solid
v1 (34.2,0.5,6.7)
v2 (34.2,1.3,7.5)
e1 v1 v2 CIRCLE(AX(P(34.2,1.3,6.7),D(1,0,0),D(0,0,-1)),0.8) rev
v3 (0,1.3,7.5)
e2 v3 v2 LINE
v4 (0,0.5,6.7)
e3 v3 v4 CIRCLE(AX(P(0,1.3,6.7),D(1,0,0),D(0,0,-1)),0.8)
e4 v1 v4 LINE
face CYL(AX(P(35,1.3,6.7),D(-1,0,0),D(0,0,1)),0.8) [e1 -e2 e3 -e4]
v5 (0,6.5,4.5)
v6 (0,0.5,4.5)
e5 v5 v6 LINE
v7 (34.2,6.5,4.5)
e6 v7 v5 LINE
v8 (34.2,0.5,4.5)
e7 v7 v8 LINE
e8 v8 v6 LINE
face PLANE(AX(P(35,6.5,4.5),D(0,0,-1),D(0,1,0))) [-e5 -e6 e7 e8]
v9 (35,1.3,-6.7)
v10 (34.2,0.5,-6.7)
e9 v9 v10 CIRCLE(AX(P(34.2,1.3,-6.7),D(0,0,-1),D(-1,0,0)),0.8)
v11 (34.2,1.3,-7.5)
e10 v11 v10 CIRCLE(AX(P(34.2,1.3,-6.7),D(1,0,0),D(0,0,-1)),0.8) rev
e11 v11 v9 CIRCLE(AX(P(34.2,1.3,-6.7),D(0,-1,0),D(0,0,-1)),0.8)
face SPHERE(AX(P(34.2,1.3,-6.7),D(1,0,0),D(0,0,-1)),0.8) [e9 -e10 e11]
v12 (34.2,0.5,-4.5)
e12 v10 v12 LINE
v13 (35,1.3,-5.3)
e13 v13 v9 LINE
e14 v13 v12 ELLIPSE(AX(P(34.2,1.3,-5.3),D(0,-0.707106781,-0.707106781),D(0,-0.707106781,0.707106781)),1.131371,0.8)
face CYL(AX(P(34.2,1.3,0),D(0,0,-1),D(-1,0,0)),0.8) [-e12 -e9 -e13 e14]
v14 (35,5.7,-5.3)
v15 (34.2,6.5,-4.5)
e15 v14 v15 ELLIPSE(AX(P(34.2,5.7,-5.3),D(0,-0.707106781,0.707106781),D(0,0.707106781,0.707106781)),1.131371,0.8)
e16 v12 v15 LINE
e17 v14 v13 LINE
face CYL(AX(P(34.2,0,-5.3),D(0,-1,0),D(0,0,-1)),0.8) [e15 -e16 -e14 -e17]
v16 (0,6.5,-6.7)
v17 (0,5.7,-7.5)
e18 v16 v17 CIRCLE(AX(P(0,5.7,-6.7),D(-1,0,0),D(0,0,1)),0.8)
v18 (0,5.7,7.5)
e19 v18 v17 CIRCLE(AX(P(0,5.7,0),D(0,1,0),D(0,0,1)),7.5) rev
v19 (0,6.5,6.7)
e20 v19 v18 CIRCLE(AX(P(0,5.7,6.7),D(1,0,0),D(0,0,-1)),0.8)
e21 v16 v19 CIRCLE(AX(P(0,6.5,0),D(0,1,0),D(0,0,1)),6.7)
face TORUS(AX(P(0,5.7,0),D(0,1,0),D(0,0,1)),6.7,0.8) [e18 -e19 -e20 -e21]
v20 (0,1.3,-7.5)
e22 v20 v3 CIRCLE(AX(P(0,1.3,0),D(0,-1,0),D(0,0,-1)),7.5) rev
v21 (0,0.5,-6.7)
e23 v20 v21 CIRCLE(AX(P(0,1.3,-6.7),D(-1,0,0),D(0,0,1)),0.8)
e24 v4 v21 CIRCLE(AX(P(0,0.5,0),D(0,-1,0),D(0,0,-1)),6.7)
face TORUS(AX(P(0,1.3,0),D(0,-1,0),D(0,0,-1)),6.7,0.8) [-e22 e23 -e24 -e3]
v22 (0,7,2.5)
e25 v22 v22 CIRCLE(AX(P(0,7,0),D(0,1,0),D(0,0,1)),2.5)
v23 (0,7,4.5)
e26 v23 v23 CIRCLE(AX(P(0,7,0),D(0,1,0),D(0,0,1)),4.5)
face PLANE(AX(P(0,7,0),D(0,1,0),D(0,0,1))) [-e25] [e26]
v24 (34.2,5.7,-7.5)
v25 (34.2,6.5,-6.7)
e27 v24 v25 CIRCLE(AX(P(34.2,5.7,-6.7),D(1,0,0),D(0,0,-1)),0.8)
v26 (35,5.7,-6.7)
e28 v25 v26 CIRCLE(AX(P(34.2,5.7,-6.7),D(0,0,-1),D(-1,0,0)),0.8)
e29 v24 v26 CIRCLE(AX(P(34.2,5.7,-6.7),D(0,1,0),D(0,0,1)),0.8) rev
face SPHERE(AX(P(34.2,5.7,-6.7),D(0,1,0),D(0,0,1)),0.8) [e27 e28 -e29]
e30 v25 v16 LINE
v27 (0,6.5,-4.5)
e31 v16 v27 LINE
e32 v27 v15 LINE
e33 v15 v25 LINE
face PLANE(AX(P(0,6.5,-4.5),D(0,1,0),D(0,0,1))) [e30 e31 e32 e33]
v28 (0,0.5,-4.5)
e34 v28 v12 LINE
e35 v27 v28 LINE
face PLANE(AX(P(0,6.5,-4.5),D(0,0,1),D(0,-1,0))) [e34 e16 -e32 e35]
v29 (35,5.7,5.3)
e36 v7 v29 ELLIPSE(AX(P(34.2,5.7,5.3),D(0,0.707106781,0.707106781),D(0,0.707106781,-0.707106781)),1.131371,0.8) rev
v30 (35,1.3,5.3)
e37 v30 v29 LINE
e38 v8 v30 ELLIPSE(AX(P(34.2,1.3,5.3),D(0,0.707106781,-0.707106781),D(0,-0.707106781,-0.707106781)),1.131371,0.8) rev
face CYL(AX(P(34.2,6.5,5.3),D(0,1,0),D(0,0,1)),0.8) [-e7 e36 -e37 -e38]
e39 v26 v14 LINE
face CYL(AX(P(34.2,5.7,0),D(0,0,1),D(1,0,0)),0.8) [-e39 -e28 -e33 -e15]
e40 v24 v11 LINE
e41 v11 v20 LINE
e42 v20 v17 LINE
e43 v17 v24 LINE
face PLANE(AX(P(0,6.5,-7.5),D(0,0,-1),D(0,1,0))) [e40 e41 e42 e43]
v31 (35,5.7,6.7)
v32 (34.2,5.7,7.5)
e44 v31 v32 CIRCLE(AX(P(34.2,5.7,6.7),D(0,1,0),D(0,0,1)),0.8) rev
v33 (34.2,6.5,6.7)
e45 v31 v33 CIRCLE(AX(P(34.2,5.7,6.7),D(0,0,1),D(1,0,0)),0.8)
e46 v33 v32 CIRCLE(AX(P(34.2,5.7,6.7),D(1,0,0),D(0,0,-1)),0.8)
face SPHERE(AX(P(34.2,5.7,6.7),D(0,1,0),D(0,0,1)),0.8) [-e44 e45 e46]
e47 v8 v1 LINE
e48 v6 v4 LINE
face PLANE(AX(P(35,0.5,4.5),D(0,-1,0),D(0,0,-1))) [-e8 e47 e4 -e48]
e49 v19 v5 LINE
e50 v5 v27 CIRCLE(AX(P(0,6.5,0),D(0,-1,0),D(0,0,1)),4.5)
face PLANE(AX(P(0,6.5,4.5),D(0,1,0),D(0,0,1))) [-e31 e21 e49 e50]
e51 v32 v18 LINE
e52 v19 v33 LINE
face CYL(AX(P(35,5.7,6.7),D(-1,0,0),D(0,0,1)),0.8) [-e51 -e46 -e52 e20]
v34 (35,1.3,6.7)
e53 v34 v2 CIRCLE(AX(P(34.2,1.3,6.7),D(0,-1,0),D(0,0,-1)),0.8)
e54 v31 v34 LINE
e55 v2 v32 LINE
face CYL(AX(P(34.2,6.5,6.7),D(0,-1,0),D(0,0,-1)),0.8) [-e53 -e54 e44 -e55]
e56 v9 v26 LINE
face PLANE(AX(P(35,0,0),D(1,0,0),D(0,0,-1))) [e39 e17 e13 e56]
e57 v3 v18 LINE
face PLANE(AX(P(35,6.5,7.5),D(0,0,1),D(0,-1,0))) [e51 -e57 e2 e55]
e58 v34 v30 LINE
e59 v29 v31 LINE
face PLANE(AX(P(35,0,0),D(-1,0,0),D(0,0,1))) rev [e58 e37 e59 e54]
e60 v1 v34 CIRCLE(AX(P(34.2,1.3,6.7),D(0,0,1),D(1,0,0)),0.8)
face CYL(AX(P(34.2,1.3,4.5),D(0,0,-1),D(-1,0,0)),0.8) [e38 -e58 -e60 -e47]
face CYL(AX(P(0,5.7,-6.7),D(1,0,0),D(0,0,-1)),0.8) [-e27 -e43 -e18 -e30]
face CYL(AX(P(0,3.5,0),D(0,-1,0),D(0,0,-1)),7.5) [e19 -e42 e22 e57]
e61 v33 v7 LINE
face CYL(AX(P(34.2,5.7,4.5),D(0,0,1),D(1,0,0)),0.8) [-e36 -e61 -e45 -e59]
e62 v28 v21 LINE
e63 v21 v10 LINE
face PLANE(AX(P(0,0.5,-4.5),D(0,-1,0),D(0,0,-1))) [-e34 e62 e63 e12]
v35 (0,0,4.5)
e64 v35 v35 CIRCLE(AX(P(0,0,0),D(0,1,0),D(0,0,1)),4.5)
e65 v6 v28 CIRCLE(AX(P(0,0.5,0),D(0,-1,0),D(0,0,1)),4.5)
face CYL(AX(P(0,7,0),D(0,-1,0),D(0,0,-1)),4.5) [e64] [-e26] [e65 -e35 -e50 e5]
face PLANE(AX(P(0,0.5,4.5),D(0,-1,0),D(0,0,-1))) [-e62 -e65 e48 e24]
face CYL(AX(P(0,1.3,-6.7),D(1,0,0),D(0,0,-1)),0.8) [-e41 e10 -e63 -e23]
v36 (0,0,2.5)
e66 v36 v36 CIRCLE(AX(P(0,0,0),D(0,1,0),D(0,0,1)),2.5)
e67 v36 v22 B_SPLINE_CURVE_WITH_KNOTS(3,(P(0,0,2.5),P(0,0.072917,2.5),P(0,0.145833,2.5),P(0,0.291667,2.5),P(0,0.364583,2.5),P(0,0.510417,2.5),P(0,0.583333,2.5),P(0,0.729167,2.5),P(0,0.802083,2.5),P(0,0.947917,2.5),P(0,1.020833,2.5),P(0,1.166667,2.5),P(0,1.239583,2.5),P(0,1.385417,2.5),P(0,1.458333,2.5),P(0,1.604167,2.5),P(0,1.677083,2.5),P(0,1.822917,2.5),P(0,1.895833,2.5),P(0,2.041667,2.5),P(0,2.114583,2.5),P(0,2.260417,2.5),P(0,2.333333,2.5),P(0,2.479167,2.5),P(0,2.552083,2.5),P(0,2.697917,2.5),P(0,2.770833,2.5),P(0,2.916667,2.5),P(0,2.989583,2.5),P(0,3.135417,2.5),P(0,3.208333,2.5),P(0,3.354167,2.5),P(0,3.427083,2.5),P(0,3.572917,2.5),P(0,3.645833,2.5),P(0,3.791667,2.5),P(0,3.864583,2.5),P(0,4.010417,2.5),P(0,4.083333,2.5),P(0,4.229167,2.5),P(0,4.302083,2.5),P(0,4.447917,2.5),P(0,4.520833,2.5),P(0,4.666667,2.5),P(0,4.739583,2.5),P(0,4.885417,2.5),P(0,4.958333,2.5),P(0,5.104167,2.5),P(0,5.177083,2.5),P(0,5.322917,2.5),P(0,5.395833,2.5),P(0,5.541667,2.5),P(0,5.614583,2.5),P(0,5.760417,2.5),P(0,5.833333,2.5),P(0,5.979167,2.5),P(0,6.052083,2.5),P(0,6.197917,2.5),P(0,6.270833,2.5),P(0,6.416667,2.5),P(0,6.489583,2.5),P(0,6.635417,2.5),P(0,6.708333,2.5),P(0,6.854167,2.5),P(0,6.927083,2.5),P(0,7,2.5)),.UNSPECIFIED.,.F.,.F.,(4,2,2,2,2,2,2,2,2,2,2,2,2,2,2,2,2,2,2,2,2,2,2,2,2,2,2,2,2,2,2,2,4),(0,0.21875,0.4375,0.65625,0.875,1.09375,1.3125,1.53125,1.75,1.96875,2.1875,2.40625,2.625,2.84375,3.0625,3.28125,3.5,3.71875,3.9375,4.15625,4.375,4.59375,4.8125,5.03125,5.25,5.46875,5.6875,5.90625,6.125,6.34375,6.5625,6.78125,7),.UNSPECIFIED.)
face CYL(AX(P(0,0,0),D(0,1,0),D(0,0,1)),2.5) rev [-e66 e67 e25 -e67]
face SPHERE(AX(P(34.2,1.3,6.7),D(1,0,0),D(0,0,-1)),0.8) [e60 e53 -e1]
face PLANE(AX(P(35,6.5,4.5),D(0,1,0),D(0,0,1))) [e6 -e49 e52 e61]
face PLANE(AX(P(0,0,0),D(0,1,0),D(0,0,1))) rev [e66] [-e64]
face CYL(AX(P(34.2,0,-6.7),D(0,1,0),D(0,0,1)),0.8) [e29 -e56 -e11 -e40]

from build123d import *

# Parameters (mm, degrees)
SKETCH1_R           = 4.5
BOSS_EXTRUDE1_DEPTH = 7
SKETCH2_R           = 2.5
CUT_EXTRUDE1_DEPTH  = 10.460443964
SKETCH4_W           = 3
SKETCH4_H           = 6
FILLET1_R           = 0.8


with BuildPart() as part:
    # Sketch1 → Boss-Extrude1 (new body)
    with BuildSketch(Plane(origin=(0, 0, 0), x_dir=(1, 0, 0), z_dir=(0, 1, 0))):
        with Locations(Location((0, 0, 0), (0, 0, 90))):
            Circle(SKETCH1_R)
    extrude(amount=BOSS_EXTRUDE1_DEPTH)

    # Sketch2 → Cut-Extrude1 (cut, through all)
    with BuildSketch(Plane(origin=(0, 7, 0), x_dir=(1, 0, 0), z_dir=(0, 1, 0))):
        with Locations(Location((0, 0, 0), (0, 0, 270))):
            Circle(SKETCH2_R)
    extrude(amount=-CUT_EXTRUDE1_DEPTH, mode=Mode.SUBTRACT)

    # Sweep1: sweep along a path in Sketch3
    with BuildLine(Plane(origin=(0, 3.5, 0), x_dir=(1, 0, 0), z_dir=(0, 1, 0))) as sweep1_path:
        Line((35, 6), (0, 6))
        ThreePointArc((0, 6), (-6, 0), (0, -6))
        Line((0, -6), (35, -6))
    # Sketch4 → Sweep1 (sweep)
    with BuildSketch(Plane(origin=(35, 0, 0), x_dir=(0, 0, -1), z_dir=(1, 0, 0))):
        with Locations((6, 3.5)):
            Rectangle(SKETCH4_W, SKETCH4_H)
    sweep(path=sweep1_path.line)

    # Fillet1
    fillet1_edges = [part.edges().sort_by_distance(p)[0] for p in [
        (35, 3.5, -7.5),
        (35, 6.5, -6),
        (35, 3.5, -4.5),
        (35, 0.5, -6),
        (35, 3.5, 4.5),
        (17.5, 0.5, 7.5),
        (35, 0.5, 6),
        (17.5, 6.5, 7.5),
        (35, 3.5, 7.5),
        (35, 6.5, 6),
        (-7.5, 0.5, 0),
        (-7.5, 6.5, 0),
        (17.5, 0.5, -7.5),
        (17.5, 6.5, -7.5),
    ]]
    fillet(fillet1_edges, radius=FILLET1_R)


solid = part.part
